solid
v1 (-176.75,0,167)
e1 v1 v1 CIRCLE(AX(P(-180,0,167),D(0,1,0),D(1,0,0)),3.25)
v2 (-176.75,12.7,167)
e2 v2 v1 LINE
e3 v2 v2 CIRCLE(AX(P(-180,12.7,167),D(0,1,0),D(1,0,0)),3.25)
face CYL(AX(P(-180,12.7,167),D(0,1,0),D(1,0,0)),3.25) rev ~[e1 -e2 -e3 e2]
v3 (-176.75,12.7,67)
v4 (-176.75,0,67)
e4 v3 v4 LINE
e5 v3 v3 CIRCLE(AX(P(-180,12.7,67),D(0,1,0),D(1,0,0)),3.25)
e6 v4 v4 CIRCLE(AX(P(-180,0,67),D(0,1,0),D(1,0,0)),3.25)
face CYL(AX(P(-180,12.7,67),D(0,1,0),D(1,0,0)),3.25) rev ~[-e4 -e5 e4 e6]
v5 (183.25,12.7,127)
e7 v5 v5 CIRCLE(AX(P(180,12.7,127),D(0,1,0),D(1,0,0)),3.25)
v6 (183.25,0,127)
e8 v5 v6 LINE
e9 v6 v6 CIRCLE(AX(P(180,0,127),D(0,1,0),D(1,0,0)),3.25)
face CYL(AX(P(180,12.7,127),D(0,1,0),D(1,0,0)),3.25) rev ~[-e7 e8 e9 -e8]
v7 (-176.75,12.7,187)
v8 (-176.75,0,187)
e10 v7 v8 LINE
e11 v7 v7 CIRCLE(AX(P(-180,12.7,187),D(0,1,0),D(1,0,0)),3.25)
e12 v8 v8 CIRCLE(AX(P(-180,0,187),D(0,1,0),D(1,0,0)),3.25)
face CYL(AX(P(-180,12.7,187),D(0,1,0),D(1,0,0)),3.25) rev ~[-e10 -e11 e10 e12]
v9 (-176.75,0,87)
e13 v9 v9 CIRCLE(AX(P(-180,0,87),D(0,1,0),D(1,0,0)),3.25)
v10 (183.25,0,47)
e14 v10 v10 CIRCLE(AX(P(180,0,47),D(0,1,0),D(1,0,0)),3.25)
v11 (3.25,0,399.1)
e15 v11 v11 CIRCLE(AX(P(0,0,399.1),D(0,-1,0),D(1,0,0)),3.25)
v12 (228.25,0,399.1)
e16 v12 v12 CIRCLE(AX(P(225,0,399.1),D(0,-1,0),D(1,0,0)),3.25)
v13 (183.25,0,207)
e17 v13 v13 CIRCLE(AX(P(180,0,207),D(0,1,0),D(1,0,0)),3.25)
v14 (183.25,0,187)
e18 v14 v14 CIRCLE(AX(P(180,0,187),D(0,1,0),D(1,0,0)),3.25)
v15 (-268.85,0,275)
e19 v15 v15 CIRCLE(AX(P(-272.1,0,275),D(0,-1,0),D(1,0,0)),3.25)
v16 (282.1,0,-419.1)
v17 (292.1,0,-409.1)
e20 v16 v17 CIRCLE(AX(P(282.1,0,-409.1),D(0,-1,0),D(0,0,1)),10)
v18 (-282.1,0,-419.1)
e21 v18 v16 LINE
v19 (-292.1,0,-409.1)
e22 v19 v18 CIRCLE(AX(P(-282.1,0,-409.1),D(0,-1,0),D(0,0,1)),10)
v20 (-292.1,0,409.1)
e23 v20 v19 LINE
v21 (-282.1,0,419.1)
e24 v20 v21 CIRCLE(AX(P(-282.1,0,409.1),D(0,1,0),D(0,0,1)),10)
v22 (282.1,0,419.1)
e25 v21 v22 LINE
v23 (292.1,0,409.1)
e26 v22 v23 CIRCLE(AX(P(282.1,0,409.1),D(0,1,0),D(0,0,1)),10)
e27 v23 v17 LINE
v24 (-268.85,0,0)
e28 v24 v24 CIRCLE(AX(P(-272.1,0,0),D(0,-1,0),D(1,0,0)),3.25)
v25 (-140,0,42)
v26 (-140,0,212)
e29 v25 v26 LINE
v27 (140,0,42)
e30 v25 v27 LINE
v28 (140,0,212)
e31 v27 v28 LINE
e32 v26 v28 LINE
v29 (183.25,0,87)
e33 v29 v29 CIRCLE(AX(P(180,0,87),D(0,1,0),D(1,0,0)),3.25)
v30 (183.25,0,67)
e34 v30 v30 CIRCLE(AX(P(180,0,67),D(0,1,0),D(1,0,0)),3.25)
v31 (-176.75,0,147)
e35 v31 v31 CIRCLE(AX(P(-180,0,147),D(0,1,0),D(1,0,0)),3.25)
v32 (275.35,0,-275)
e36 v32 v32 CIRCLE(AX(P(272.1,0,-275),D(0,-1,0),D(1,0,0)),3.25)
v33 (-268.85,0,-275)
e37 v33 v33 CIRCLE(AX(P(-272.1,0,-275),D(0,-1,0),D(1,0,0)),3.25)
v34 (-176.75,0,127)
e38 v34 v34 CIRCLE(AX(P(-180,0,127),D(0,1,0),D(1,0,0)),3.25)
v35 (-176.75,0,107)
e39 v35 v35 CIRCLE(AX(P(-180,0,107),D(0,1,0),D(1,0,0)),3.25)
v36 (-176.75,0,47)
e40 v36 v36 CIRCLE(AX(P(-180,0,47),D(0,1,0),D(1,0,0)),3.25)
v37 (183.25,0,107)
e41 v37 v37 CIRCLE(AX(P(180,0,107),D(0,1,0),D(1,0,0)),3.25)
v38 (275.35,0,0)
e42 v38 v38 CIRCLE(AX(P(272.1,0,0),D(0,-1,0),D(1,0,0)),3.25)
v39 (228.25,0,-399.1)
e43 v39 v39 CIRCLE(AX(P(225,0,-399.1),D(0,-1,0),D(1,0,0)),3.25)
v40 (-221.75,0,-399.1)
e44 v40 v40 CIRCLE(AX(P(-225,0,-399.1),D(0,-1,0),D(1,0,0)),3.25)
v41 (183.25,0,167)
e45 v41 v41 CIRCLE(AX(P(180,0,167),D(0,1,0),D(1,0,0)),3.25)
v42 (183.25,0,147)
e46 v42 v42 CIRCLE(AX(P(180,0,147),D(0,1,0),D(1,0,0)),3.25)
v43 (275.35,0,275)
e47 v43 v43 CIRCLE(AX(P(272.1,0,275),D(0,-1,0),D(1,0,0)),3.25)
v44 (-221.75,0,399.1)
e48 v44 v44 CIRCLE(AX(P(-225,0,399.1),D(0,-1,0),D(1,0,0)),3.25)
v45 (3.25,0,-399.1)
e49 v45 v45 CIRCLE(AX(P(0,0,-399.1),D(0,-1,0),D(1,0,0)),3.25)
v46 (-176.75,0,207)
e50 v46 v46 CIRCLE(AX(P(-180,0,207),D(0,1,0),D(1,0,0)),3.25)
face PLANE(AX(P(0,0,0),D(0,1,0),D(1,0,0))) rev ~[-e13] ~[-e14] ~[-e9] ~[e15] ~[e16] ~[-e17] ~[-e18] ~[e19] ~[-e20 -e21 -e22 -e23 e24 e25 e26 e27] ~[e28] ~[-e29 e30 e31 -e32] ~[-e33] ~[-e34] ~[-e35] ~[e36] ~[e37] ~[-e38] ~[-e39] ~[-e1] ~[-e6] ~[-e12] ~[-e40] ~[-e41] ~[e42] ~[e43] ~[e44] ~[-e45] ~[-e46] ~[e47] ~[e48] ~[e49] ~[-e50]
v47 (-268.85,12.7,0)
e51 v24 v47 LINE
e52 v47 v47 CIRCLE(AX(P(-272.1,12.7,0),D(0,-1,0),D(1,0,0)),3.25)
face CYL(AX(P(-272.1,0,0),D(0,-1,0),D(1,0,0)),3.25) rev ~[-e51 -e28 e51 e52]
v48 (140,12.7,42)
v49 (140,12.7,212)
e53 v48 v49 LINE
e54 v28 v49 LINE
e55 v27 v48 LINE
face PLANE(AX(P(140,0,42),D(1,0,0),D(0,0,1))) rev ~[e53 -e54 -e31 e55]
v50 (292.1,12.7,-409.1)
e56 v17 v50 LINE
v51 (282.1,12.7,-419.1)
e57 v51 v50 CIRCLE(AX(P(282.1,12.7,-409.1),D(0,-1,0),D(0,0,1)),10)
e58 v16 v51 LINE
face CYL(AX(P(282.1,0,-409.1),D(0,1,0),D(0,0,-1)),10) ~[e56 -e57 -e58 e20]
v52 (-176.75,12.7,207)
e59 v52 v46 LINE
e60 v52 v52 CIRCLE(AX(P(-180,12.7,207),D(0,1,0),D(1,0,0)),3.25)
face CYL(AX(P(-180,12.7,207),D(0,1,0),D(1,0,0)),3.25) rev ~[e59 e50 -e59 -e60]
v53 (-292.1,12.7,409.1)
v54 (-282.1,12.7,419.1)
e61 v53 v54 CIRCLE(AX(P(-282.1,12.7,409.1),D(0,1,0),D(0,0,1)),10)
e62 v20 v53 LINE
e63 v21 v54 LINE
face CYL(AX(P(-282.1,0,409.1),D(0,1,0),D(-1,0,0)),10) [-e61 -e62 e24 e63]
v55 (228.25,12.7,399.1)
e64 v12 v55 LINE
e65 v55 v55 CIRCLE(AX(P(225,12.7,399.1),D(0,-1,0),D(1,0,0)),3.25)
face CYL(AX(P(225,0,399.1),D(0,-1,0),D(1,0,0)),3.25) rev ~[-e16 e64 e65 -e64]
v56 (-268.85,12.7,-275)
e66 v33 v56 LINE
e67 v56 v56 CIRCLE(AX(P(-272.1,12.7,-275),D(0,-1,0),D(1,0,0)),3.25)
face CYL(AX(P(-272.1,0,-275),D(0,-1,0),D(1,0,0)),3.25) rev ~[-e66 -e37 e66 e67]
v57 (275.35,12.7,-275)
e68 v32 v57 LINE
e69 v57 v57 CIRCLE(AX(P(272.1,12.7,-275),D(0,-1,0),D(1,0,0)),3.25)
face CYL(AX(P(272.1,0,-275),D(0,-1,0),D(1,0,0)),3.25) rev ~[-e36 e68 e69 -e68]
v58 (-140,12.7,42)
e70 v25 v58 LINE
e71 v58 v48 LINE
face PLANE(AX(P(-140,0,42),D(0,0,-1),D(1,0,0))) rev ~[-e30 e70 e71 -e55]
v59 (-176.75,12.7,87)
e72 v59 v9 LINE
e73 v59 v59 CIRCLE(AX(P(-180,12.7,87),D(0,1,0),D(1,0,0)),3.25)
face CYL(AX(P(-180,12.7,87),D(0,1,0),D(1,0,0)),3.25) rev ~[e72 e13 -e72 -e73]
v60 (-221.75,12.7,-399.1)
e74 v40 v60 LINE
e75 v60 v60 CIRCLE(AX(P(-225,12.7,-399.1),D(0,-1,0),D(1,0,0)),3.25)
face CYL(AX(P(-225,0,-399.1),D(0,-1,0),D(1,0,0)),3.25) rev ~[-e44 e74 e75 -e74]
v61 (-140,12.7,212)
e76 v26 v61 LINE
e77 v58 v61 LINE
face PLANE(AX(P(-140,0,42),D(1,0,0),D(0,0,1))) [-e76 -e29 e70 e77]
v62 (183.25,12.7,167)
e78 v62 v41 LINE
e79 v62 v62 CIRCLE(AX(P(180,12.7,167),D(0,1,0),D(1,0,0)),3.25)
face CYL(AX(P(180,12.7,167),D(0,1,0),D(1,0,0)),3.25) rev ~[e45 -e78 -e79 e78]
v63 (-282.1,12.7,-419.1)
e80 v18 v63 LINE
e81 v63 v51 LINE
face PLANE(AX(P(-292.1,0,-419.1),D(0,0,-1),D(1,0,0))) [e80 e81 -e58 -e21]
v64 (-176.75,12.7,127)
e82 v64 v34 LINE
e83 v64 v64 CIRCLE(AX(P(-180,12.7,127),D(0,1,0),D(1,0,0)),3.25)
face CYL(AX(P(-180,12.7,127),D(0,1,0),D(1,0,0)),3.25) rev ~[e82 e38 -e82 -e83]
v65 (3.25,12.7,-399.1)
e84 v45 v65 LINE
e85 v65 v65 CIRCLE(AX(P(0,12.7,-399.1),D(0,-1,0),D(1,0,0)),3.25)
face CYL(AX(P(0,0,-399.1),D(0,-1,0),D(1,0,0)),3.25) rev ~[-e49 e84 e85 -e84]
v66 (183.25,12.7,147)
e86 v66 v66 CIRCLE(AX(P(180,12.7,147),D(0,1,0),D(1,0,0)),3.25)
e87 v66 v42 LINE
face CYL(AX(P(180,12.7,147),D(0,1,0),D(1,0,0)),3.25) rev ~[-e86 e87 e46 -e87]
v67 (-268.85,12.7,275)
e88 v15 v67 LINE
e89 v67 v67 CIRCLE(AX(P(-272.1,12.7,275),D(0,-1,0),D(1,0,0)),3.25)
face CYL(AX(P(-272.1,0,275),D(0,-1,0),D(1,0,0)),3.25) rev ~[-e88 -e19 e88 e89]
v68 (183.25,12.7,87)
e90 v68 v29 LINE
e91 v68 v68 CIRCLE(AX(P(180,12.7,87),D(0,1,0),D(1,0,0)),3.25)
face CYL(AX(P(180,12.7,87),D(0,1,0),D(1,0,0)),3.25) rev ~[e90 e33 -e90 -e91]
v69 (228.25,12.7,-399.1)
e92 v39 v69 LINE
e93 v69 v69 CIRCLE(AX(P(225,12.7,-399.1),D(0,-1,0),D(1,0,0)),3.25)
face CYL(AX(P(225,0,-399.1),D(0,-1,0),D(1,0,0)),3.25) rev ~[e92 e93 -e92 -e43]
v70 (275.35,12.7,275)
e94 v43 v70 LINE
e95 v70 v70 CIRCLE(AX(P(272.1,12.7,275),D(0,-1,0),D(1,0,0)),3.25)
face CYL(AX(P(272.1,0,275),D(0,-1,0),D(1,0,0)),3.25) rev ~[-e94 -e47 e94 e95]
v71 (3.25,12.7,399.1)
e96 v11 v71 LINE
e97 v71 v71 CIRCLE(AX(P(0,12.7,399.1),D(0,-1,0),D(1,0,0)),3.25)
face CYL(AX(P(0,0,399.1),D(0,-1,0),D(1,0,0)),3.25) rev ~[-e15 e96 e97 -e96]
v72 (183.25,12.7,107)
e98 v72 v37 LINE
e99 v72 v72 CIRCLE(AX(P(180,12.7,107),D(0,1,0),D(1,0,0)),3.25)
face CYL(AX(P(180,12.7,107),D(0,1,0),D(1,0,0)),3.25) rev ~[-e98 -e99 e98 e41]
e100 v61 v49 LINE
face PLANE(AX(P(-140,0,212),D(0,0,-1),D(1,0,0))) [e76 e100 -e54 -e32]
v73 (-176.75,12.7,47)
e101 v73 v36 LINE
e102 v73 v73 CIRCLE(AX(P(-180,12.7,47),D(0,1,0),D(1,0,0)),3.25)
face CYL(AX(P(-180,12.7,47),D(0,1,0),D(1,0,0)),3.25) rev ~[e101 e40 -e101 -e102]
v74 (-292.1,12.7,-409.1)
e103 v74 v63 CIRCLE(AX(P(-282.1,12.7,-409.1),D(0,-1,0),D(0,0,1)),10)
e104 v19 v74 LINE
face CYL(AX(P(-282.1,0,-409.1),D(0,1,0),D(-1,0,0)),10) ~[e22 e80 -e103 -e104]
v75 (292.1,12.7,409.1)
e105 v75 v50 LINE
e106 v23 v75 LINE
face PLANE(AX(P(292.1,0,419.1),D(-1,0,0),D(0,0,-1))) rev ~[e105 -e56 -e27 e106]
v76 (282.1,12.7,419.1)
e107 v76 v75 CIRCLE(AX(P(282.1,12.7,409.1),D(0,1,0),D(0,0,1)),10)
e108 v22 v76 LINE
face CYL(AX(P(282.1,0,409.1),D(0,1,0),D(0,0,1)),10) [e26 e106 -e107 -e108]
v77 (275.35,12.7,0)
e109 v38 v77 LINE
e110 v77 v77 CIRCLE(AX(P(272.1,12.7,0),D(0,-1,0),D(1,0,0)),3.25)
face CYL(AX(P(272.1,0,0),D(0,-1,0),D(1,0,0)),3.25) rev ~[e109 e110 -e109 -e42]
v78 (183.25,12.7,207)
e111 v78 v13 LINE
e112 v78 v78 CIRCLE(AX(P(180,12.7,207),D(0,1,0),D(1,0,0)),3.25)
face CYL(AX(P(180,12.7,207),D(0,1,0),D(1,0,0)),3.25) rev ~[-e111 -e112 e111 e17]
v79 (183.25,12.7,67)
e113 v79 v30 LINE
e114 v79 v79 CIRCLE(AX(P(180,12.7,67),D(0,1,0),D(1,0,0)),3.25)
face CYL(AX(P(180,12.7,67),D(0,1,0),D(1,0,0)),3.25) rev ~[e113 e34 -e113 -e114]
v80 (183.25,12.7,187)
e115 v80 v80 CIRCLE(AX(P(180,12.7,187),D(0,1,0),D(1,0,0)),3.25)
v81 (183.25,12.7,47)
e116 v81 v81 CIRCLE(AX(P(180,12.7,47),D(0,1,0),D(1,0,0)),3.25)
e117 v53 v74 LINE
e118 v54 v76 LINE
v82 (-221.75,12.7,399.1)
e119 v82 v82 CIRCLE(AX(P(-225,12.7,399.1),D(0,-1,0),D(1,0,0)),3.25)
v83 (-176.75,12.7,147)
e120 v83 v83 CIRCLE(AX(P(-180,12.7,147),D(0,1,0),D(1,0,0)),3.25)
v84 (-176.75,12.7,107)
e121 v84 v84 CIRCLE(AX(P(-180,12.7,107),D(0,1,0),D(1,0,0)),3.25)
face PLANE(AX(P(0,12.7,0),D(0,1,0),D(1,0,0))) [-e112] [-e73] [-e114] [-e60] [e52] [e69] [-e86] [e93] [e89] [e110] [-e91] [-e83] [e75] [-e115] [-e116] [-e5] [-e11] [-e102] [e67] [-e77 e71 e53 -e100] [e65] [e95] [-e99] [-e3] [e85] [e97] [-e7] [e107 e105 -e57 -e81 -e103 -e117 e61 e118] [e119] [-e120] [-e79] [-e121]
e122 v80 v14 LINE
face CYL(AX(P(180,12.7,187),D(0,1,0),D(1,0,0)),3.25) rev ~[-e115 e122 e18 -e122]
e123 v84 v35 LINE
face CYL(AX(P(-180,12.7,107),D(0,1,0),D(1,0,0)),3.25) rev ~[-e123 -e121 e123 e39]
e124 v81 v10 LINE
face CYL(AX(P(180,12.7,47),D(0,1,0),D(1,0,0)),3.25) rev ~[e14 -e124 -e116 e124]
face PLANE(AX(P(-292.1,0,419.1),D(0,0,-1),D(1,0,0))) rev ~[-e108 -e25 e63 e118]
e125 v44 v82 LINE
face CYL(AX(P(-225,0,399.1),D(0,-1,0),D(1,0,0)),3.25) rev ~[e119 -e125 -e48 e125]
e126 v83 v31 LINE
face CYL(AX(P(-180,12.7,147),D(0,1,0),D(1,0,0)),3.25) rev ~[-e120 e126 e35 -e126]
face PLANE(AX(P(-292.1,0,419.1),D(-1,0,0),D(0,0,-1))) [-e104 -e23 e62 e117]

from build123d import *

# Parameters (mm, degrees)
SKETCH1_W                            = 584.2
SKETCH1_H                            = 838.2
LEXAN_BOSS_EXTRUDE1_DEPTH            = 12.7
HOUSING_NEST_HOLE_CUT_EXTRUDE1_REACH = 14.7
SKETCH5_W                            = 280
SKETCH5_H                            = 170
CUT_EXTRUDE7_REACH                   = 14.7
SKETCH6_R                            = 3.25
SKETCH9_R                            = 3.25
CUT_EXTRUDE6_DEPTH                   = 13.7
LPATTERN5_COUNT                      = 5
LPATTERN5_PITCH                      = 20
LPATTERN5_COL_COUNT                  = 5
LPATTERN5_COL_PITCH                  = 20
FILLET3_R                            = 10


with BuildPart() as part:
    # Sketch1 → Lexan Boss-Extrude1 (new body)
    with BuildSketch(Plane(origin=(0, 0, 0), x_dir=(1, 0, 0), z_dir=(0, 1, 0))):
        Rectangle(SKETCH1_W, SKETCH1_H)
    extrude(amount=LEXAN_BOSS_EXTRUDE1_DEPTH)

    # Sketch5 → Housing nest hole Cut-Extrude1 (cut, up to next)
    with BuildSketch(Plane.XZ, mode=Mode.PRIVATE) as housing_nest_hole_cut_extrude1_sk1:
        with Locations((0, 127)):
            Rectangle(SKETCH5_W, SKETCH5_H)
    housing_nest_hole_cut_extrude1_tool1 = extrude(housing_nest_hole_cut_extrude1_sk1.sketch, amount=-HOUSING_NEST_HOLE_CUT_EXTRUDE1_REACH, mode=Mode.PRIVATE) & part.part
    add(housing_nest_hole_cut_extrude1_tool1.solids().sort_by_distance((0, 0, 127))[0], mode=Mode.SUBTRACT)

    # Sketch6 → Cut-Extrude7 (cut, up to next)
    with BuildSketch(Plane.XZ, mode=Mode.PRIVATE) as cut_extrude7_sk1:
        with Locations((-272.1, 275)):
            Circle(SKETCH6_R)
    cut_extrude7_tool1 = extrude(cut_extrude7_sk1.sketch, amount=-CUT_EXTRUDE7_REACH, mode=Mode.PRIVATE) & part.part
    add(cut_extrude7_tool1.solids().sort_by_distance((-272.1, 0, 275))[0], mode=Mode.SUBTRACT)
    # Sketch6 → Cut-Extrude7 (cut, up to next)
    with BuildSketch(Plane.XZ, mode=Mode.PRIVATE) as cut_extrude7_sk2:
        with Locations((-272.1, 0)):
            Circle(SKETCH6_R)
    cut_extrude7_tool2 = extrude(cut_extrude7_sk2.sketch, amount=-CUT_EXTRUDE7_REACH, mode=Mode.PRIVATE) & part.part
    add(cut_extrude7_tool2.solids().sort_by_distance((-272.1, 0, 0))[0], mode=Mode.SUBTRACT)
    # Sketch6 → Cut-Extrude7 (cut, up to next)
    with BuildSketch(Plane.XZ, mode=Mode.PRIVATE) as cut_extrude7_sk3:
        with Locations((-272.1, -275)):
            Circle(SKETCH6_R)
    cut_extrude7_tool3 = extrude(cut_extrude7_sk3.sketch, amount=-CUT_EXTRUDE7_REACH, mode=Mode.PRIVATE) & part.part
    add(cut_extrude7_tool3.solids().sort_by_distance((-272.1, 0, -275))[0], mode=Mode.SUBTRACT)
    # Sketch6 → Cut-Extrude7 (cut, up to next)
    with BuildSketch(Plane.XZ, mode=Mode.PRIVATE) as cut_extrude7_sk4:
        with Locations((272.1, -275)):
            Circle(SKETCH6_R)
    cut_extrude7_tool4 = extrude(cut_extrude7_sk4.sketch, amount=-CUT_EXTRUDE7_REACH, mode=Mode.PRIVATE) & part.part
    add(cut_extrude7_tool4.solids().sort_by_distance((272.1, 0, -275))[0], mode=Mode.SUBTRACT)
    # Sketch6 → Cut-Extrude7 (cut, up to next)
    with BuildSketch(Plane.XZ, mode=Mode.PRIVATE) as cut_extrude7_sk5:
        with Locations((272.1, 0)):
            Circle(SKETCH6_R)
    cut_extrude7_tool5 = extrude(cut_extrude7_sk5.sketch, amount=-CUT_EXTRUDE7_REACH, mode=Mode.PRIVATE) & part.part
    add(cut_extrude7_tool5.solids().sort_by_distance((272.1, 0, 0))[0], mode=Mode.SUBTRACT)
    # Sketch6 → Cut-Extrude7 (cut, up to next)
    with BuildSketch(Plane.XZ, mode=Mode.PRIVATE) as cut_extrude7_sk6:
        with Locations((272.1, 275)):
            Circle(SKETCH6_R)
    cut_extrude7_tool6 = extrude(cut_extrude7_sk6.sketch, amount=-CUT_EXTRUDE7_REACH, mode=Mode.PRIVATE) & part.part
    add(cut_extrude7_tool6.solids().sort_by_distance((272.1, 0, 275))[0], mode=Mode.SUBTRACT)
    # Sketch6 → Cut-Extrude7 (cut, up to next)
    with BuildSketch(Plane.XZ, mode=Mode.PRIVATE) as cut_extrude7_sk7:
        with Locations((-225, 399.1)):
            Circle(SKETCH6_R)
    cut_extrude7_tool7 = extrude(cut_extrude7_sk7.sketch, amount=-CUT_EXTRUDE7_REACH, mode=Mode.PRIVATE) & part.part
    add(cut_extrude7_tool7.solids().sort_by_distance((-225, 0, 399.1))[0], mode=Mode.SUBTRACT)
    # Sketch6 → Cut-Extrude7 (cut, up to next)
    with BuildSketch(Plane.XZ, mode=Mode.PRIVATE) as cut_extrude7_sk8:
        with Locations((0, 399.1)):
            Circle(SKETCH6_R)
    cut_extrude7_tool8 = extrude(cut_extrude7_sk8.sketch, amount=-CUT_EXTRUDE7_REACH, mode=Mode.PRIVATE) & part.part
    add(cut_extrude7_tool8.solids().sort_by_distance((0, 0, 399.1))[0], mode=Mode.SUBTRACT)
    # Sketch6 → Cut-Extrude7 (cut, up to next)
    with BuildSketch(Plane.XZ, mode=Mode.PRIVATE) as cut_extrude7_sk9:
        with Locations((225, 399.1)):
            Circle(SKETCH6_R)
    cut_extrude7_tool9 = extrude(cut_extrude7_sk9.sketch, amount=-CUT_EXTRUDE7_REACH, mode=Mode.PRIVATE) & part.part
    add(cut_extrude7_tool9.solids().sort_by_distance((225, 0, 399.1))[0], mode=Mode.SUBTRACT)
    # Sketch6 → Cut-Extrude7 (cut, up to next)
    with BuildSketch(Plane.XZ, mode=Mode.PRIVATE) as cut_extrude7_sk10:
        with Locations((225, -399.1)):
            Circle(SKETCH6_R)
    cut_extrude7_tool10 = extrude(cut_extrude7_sk10.sketch, amount=-CUT_EXTRUDE7_REACH, mode=Mode.PRIVATE) & part.part
    add(cut_extrude7_tool10.solids().sort_by_distance((225, 0, -399.1))[0], mode=Mode.SUBTRACT)
    # Sketch6 → Cut-Extrude7 (cut, up to next)
    with BuildSketch(Plane.XZ, mode=Mode.PRIVATE) as cut_extrude7_sk11:
        with Locations((0, -399.1)):
            Circle(SKETCH6_R)
    cut_extrude7_tool11 = extrude(cut_extrude7_sk11.sketch, amount=-CUT_EXTRUDE7_REACH, mode=Mode.PRIVATE) & part.part
    add(cut_extrude7_tool11.solids().sort_by_distance((0, 0, -399.1))[0], mode=Mode.SUBTRACT)
    # Sketch6 → Cut-Extrude7 (cut, up to next)
    with BuildSketch(Plane.XZ, mode=Mode.PRIVATE) as cut_extrude7_sk12:
        with Locations((-225, -399.1)):
            Circle(SKETCH6_R)
    cut_extrude7_tool12 = extrude(cut_extrude7_sk12.sketch, amount=-CUT_EXTRUDE7_REACH, mode=Mode.PRIVATE) & part.part
    add(cut_extrude7_tool12.solids().sort_by_distance((-225, 0, -399.1))[0], mode=Mode.SUBTRACT)

    # Sketch9 → Cut-Extrude6 (cut, through all)
    with BuildSketch(Plane(origin=(0, 12.7, 0), x_dir=(1, 0, 0), z_dir=(0, 1, 0))):
        with Locations((-180, -127)):
            Circle(SKETCH9_R)
        with Locations((180, -127)):
            Circle(SKETCH9_R)
    cut_extrude6 = extrude(amount=-CUT_EXTRUDE6_DEPTH, mode=Mode.SUBTRACT)

    # LPattern5: Cut-Extrude6 ×5
    with Locations(*[(0, 0, i * LPATTERN5_PITCH) for i in range(1, LPATTERN5_COUNT)]):
        add(cut_extrude6, mode=Mode.SUBTRACT)

    # LPattern5 col: Cut-Extrude6 ×5
    with Locations(*[(0, 0, -i * LPATTERN5_COL_PITCH) for i in range(1, LPATTERN5_COL_COUNT)]):
        add(cut_extrude6, mode=Mode.SUBTRACT)

    # Fillet3
    fillet3_edges = [part.edges().sort_by_distance(p)[0] for p in [
        (292.1, 6.35, 419.1),
        (-292.1, 6.35, 419.1),
        (-292.1, 6.35, -419.1),
        (292.1, 6.35, -419.1),
    ]]
    fillet(fillet3_edges, radius=FILLET3_R)


solid = part.part
